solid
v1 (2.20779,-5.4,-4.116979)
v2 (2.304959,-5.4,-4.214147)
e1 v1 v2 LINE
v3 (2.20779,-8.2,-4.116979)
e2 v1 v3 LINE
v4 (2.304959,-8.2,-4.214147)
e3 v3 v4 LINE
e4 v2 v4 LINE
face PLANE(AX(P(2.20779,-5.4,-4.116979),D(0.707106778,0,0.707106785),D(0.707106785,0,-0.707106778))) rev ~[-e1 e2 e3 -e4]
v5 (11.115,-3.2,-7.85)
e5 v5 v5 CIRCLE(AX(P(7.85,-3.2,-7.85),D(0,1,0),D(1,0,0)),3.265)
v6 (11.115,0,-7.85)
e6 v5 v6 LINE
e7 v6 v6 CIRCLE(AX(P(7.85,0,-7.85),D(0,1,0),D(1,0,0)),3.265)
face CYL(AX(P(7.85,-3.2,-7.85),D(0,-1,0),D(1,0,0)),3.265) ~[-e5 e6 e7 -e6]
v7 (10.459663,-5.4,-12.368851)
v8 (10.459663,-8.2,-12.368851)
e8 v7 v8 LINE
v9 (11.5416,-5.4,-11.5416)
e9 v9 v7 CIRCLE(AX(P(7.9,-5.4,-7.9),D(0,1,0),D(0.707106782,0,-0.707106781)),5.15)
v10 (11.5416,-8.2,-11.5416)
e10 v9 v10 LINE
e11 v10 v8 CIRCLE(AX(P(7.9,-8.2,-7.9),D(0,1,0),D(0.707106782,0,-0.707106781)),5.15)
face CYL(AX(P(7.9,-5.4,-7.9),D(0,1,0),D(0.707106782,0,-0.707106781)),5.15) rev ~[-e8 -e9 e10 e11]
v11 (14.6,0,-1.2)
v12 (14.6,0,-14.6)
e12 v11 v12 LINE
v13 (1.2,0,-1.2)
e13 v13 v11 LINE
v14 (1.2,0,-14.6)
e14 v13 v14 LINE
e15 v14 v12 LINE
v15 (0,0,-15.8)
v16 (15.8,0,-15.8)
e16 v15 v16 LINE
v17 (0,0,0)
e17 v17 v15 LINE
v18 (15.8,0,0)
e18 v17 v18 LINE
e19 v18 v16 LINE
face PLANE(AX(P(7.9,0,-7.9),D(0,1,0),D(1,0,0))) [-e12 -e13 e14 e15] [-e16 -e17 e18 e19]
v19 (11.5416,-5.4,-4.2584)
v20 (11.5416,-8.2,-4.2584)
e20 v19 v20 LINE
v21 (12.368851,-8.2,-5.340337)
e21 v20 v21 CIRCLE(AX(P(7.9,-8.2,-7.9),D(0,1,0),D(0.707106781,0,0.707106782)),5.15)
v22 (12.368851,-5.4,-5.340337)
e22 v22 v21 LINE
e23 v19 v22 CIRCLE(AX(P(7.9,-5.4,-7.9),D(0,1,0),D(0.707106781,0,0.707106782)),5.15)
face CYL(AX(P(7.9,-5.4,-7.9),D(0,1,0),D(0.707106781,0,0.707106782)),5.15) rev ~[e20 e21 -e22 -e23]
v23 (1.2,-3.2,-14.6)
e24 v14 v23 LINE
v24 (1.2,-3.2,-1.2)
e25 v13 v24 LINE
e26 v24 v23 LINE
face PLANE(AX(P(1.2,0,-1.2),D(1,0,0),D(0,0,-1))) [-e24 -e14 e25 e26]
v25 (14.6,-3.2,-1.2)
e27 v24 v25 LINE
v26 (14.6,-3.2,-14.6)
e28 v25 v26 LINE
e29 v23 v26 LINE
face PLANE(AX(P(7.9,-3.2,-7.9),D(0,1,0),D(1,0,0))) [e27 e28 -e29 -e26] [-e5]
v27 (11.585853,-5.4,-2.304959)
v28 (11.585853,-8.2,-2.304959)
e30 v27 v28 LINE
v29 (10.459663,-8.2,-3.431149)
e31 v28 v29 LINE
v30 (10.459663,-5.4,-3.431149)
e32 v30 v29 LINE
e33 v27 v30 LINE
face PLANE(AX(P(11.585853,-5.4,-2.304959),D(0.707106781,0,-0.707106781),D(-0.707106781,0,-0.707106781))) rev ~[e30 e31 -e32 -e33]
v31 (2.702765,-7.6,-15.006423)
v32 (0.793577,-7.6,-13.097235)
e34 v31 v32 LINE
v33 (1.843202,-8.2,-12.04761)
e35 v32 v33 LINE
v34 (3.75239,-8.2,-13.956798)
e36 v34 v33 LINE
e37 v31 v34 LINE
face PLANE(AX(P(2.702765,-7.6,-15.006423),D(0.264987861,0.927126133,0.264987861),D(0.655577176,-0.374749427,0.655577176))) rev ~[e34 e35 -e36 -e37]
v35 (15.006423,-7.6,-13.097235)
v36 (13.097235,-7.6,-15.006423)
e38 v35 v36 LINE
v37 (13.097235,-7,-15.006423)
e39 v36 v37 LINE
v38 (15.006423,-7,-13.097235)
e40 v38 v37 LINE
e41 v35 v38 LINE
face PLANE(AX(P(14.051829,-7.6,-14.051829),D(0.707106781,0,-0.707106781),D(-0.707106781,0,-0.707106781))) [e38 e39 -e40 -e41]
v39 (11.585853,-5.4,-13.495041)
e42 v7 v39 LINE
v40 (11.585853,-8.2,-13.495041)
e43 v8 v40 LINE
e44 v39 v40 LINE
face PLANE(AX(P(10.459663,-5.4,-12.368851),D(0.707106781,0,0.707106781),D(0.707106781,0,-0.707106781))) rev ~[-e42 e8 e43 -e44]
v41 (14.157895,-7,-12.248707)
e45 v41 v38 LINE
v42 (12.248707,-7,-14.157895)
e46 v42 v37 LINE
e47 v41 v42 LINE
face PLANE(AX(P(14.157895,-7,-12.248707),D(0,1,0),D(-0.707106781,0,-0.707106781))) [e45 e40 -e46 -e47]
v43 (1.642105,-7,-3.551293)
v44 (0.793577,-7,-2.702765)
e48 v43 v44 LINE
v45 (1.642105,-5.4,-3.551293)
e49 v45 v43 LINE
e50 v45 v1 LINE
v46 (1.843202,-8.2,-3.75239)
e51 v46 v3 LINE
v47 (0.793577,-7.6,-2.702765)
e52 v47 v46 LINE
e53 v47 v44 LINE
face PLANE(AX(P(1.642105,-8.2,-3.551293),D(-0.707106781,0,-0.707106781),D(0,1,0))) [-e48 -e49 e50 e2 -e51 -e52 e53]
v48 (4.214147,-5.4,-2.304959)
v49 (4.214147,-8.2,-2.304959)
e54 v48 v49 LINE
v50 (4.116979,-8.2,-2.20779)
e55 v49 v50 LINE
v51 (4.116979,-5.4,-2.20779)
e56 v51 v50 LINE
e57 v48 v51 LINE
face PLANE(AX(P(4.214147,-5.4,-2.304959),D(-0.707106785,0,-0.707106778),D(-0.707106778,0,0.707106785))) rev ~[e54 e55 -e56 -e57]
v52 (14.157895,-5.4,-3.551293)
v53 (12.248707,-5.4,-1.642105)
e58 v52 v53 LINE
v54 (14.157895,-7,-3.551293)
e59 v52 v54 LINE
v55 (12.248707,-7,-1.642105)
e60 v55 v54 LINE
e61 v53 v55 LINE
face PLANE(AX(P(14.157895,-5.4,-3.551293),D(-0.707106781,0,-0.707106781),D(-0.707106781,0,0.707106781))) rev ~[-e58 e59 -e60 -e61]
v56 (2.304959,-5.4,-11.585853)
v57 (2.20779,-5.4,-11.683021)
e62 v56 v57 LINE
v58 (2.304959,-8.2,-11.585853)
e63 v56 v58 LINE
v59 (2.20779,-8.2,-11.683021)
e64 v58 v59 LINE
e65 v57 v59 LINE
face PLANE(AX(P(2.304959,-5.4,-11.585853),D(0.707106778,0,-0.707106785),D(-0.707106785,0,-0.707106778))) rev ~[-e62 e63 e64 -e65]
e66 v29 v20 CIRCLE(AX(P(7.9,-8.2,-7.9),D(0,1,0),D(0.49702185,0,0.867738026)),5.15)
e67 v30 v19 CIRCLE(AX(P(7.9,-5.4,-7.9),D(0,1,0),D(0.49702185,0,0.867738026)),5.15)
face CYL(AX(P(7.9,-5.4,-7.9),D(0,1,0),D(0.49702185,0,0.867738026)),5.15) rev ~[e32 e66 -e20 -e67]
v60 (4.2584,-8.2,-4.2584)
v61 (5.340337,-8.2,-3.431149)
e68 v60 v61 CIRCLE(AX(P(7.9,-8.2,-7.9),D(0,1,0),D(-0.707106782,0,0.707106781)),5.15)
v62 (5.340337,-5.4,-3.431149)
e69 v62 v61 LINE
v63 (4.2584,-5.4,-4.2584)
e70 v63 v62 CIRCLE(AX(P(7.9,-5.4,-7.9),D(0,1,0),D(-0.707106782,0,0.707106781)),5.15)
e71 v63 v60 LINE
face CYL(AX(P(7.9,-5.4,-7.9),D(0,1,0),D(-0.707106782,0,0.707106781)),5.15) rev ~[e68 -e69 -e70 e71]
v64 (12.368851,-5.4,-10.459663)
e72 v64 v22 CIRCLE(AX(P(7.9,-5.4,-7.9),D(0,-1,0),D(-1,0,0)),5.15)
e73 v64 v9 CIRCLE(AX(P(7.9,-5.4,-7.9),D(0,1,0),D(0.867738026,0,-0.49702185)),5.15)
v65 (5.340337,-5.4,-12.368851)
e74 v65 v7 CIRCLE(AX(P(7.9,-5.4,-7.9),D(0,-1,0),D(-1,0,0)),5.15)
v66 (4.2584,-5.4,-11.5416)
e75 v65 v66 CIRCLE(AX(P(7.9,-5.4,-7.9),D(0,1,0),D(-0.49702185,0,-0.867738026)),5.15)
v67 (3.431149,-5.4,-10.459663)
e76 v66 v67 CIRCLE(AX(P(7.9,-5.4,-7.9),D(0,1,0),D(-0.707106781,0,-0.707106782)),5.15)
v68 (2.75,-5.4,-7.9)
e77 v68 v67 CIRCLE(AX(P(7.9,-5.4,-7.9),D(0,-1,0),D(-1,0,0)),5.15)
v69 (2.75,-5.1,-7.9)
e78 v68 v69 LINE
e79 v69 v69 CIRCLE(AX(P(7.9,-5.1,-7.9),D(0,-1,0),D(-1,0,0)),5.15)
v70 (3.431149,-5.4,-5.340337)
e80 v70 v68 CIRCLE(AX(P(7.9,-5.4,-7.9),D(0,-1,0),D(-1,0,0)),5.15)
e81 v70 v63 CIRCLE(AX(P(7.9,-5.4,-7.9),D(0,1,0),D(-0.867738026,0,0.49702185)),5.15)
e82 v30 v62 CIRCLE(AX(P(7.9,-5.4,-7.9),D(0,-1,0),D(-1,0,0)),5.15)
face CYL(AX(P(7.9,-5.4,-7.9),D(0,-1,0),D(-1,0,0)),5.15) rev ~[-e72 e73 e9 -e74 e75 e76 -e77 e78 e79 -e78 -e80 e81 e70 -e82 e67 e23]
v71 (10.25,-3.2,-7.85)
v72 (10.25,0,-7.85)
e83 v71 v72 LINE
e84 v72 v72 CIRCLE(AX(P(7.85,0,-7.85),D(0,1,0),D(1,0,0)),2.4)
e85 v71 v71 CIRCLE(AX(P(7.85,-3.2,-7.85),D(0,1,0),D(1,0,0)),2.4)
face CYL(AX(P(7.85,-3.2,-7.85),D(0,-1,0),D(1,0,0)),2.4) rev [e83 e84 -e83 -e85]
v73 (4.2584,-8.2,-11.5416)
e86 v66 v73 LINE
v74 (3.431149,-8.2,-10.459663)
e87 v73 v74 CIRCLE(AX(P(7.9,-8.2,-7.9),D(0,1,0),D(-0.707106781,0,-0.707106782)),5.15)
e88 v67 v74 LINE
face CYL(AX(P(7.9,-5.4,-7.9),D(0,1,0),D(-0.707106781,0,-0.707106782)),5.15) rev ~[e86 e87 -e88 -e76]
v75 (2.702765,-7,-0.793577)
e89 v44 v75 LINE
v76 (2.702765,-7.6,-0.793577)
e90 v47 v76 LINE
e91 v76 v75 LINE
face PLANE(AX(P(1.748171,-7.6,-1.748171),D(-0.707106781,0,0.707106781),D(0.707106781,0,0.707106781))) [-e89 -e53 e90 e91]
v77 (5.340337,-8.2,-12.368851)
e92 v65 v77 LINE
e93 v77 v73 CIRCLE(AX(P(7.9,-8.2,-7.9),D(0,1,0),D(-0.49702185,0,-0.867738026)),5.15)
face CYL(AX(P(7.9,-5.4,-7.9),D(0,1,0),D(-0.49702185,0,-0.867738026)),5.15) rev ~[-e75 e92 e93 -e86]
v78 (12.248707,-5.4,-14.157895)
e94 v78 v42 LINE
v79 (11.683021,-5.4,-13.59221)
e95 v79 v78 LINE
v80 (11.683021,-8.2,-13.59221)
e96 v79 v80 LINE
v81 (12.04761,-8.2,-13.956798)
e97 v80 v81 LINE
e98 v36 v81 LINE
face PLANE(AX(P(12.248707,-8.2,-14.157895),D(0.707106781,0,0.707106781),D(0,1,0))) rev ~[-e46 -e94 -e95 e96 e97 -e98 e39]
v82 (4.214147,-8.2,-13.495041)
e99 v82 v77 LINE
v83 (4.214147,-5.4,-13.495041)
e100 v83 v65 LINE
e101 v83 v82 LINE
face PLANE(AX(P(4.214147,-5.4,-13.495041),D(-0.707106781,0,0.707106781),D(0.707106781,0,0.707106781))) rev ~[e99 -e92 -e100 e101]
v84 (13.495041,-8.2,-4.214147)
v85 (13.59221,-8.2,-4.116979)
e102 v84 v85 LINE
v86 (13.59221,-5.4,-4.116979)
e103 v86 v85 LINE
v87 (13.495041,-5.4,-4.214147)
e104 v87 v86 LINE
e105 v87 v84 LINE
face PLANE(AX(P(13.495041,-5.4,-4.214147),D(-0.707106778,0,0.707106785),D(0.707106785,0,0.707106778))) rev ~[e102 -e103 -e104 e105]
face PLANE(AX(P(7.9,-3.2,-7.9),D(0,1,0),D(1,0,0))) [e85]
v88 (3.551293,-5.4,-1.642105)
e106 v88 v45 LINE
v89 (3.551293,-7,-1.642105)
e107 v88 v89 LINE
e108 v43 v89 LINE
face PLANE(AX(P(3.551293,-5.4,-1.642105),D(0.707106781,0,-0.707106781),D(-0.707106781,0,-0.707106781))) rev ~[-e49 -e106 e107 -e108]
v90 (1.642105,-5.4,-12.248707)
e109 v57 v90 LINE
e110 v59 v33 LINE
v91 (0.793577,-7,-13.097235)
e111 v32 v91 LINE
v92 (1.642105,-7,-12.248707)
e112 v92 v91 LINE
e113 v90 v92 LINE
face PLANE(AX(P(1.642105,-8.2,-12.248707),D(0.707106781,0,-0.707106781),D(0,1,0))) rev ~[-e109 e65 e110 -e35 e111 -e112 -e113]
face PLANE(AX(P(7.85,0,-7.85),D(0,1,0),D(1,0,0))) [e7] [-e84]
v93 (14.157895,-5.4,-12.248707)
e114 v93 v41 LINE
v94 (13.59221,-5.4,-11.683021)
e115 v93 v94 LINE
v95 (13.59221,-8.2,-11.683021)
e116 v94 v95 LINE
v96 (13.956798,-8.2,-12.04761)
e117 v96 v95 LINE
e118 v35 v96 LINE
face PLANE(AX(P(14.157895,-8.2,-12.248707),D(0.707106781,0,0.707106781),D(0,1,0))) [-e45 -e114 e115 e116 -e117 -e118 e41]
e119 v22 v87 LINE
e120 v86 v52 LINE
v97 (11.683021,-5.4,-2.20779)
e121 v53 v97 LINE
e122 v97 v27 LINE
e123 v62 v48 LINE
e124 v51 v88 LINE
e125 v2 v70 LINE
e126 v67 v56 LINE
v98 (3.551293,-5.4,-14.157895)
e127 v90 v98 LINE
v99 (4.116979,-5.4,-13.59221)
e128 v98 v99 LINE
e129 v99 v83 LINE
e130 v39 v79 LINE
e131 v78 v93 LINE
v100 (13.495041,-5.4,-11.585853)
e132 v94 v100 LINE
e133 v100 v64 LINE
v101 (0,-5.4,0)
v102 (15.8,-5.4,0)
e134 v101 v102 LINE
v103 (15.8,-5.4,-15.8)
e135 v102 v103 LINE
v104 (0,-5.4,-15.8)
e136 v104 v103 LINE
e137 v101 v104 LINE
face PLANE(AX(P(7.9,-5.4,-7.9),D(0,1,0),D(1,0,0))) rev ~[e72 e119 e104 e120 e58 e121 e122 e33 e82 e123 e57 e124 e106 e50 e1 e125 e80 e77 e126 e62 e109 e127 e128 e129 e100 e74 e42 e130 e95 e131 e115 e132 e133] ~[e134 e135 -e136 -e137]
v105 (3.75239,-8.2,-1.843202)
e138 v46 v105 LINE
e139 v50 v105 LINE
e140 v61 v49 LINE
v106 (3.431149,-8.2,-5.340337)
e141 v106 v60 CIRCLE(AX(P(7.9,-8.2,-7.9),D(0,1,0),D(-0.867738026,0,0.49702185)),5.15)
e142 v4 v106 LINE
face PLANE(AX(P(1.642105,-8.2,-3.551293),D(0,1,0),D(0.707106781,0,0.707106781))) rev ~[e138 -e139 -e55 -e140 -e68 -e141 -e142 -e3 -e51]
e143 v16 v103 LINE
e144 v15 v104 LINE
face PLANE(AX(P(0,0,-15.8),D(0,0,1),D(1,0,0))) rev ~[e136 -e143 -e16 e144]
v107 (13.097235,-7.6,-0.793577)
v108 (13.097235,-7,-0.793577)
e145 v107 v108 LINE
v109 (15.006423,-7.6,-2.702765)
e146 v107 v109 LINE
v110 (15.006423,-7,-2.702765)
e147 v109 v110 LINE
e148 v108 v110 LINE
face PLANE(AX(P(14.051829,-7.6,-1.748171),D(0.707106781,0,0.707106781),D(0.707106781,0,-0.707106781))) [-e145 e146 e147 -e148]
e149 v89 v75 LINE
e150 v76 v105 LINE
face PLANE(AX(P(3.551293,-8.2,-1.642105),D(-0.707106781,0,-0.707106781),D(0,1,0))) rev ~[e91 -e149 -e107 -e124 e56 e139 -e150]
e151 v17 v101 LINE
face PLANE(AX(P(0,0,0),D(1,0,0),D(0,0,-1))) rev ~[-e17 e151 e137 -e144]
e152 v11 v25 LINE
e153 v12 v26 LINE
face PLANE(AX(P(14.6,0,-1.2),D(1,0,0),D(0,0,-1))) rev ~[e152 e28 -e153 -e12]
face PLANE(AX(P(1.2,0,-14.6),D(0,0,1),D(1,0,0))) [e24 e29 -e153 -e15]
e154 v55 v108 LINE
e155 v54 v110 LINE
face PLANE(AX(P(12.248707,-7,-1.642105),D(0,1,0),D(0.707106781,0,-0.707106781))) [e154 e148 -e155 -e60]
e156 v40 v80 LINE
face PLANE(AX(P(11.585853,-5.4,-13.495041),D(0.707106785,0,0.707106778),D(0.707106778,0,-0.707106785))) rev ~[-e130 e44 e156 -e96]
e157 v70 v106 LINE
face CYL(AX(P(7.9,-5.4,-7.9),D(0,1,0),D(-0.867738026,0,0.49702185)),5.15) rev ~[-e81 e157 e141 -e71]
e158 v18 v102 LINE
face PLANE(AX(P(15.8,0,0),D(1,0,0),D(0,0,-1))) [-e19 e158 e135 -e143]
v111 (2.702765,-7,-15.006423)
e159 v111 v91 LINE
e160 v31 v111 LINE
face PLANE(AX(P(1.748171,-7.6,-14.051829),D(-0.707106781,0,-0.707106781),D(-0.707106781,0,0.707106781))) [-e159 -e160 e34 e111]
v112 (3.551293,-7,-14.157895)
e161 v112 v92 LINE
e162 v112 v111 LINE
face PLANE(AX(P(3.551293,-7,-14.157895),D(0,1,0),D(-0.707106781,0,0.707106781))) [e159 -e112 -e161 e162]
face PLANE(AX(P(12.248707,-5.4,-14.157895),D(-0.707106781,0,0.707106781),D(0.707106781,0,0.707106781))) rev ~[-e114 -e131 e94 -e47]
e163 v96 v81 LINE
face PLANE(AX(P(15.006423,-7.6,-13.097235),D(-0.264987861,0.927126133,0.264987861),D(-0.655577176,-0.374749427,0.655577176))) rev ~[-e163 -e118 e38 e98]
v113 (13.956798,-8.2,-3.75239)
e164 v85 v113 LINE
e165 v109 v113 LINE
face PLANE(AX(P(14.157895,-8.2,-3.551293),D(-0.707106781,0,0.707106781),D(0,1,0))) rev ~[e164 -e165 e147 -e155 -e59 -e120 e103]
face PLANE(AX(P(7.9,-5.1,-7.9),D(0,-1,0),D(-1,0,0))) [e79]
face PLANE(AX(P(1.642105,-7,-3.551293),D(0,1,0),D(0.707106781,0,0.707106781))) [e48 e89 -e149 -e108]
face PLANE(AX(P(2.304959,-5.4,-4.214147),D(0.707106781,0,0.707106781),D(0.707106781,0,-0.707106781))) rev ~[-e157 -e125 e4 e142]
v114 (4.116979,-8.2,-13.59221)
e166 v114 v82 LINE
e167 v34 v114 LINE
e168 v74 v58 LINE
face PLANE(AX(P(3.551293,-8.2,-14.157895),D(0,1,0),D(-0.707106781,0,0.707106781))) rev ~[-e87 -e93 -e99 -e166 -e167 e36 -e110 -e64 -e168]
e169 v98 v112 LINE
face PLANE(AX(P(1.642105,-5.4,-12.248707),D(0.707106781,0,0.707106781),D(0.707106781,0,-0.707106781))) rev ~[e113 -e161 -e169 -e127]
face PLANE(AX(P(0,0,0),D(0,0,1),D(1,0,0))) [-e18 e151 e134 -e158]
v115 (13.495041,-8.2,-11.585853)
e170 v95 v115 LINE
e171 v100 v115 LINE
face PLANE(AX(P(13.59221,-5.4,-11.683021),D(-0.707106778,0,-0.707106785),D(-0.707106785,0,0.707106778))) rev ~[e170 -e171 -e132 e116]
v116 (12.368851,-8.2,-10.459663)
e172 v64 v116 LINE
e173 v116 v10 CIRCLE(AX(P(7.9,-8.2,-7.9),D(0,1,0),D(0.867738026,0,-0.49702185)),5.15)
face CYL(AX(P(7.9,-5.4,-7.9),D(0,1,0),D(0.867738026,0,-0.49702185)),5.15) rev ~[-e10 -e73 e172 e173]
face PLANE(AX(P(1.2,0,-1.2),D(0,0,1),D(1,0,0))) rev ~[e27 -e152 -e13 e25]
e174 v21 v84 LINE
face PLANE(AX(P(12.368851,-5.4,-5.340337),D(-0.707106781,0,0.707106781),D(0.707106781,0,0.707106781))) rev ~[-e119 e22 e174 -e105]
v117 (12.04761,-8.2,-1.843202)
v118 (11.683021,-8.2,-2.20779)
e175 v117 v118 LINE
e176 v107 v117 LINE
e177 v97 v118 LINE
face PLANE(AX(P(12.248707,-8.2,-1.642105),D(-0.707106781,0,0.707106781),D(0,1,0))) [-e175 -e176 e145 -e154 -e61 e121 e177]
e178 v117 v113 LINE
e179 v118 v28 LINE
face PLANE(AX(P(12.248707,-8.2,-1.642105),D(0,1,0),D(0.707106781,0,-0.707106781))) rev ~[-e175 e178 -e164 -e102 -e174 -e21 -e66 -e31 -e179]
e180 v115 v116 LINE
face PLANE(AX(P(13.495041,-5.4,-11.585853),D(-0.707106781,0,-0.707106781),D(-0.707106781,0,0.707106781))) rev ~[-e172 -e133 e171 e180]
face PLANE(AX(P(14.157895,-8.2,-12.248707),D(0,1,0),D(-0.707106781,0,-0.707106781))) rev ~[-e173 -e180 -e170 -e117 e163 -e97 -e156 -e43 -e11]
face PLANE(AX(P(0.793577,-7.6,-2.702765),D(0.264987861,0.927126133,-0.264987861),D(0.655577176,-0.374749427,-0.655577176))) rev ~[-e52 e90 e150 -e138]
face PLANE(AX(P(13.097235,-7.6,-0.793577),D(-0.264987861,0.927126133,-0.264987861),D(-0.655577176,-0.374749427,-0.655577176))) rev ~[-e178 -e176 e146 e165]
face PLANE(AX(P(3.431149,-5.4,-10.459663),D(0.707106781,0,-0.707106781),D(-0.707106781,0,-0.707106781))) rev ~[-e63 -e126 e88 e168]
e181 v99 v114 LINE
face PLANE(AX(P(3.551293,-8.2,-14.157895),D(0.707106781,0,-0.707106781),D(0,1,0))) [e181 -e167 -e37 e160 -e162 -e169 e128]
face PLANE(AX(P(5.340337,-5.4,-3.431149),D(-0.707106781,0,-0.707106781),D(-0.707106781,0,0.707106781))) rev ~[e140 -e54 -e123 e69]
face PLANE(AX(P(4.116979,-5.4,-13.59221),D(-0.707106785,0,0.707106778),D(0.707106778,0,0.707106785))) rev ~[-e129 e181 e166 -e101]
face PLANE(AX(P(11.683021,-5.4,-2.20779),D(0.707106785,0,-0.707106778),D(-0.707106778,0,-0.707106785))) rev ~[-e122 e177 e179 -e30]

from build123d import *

# Parameters (mm, degrees)
SKETCH2_W            = 15.8
SKETCH2_H            = 15.8
BOSS_EXTRUDE2_DEPTH  = 5.4
SKETCH4_W            = 13.4
SKETCH4_H            = 13.4
CUT_EXTRUDE1_DEPTH   = 3.2
SKETCH7_R            = 3.265
SKETCH7_R_2          = 2.4
BOSS_EXTRUDE5_DEPTH  = 3.2
SKETCH8_R            = 5.15
CUT_EXTRUDE2_DEPTH   = 0.3
BOSS_EXTRUDE8_DEPTH  = 2.8
SKETCH27_W           = 2.7
SKETCH27_H           = 1.2
BOSS_EXTRUDE10_DEPTH = 1.2
CUT_EXTRUDE3_DEPTH   = 2.7
CIRPATTERN1_COUNT    = 4


with BuildPart() as part:
    # Sketch2 → Boss-Extrude2 (new body)
    with BuildSketch(Plane(origin=(0, 0, 0), x_dir=(1, 0, 0), z_dir=(0, 1, 0))):
        with Locations((7.9, 7.9)):
            Rectangle(SKETCH2_W, SKETCH2_H)
    extrude(amount=-BOSS_EXTRUDE2_DEPTH)

    # Sketch4 → Cut-Extrude1 (cut)
    with BuildSketch(Plane(origin=(0, 0, 0), x_dir=(1, 0, 0), z_dir=(0, 1, 0))):
        with Locations((7.9, 7.9)):
            Rectangle(SKETCH4_W, SKETCH4_H)
    extrude(amount=-CUT_EXTRUDE1_DEPTH, mode=Mode.SUBTRACT)

    # Sketch7 → Boss-Extrude5 (add)
    with BuildSketch(Plane(origin=(0, -3.2, 0), x_dir=(1, 0, 0), z_dir=(0, 1, 0))):
        with Locations((7.85, 7.85)):
            Circle(SKETCH7_R)
        with Locations((7.85, 7.85)):
            Circle(SKETCH7_R_2, mode=Mode.SUBTRACT)
    extrude(amount=BOSS_EXTRUDE5_DEPTH)

    # Sketch8 → Cut-Extrude2 (cut)
    with BuildSketch(Plane(origin=(0, -5.4, 0), x_dir=(-1, 0, 0), z_dir=(0, -1, 0))):
        with Locations((-7.9, 7.9)):
            Circle(SKETCH8_R)
    extrude(amount=-CUT_EXTRUDE2_DEPTH, mode=Mode.SUBTRACT)

    # Sketch11 → Boss-Extrude8 (add)
    with BuildSketch(Plane.XZ.offset(5.4)):
        Polygon((11.683021279, -2.207790411), (12.637615434, -3.162384566), (13.203300859, -2.596699141), (12.248706704, -1.642104986), align=None)
        with BuildLine():
            ThreePointArc((11.585853022, -2.304958669), (12.133497372, -2.706975833), (12.637615434, -3.162384566))
            Line((12.637615434, -3.162384566), (11.683021279, -2.207790411))
            Line((11.683021279, -2.207790411), (11.585853022, -2.304958669))
        make_face()
        with BuildLine():
            ThreePointArc((10.459662524, -3.431149167), (11.028098464, -3.808851017), (11.541599923, -4.258400077))
            Line((11.541599923, -4.258400077), (12.637615434, -3.162384566))
            ThreePointArc((12.637615434, -3.162384566), (12.133497372, -2.706975833), (11.585853022, -2.304958669))
            Line((11.585853022, -2.304958669), (10.459662524, -3.431149167))
        make_face()
        with BuildLine():
            Line((12.637615434, -3.162384566), (11.541599923, -4.258400077))
            ThreePointArc((11.541599923, -4.258400077), (11.991148983, -4.771901536), (12.368850833, -5.340337476))
            Line((12.368850833, -5.340337476), (13.495041331, -4.214146978))
            ThreePointArc((13.495041331, -4.214146978), (13.093024167, -3.666502628), (12.637615434, -3.162384566))
        make_face()
        with BuildLine():
            Line((13.592209589, -4.116978721), (12.637615434, -3.162384566))
            ThreePointArc((12.637615434, -3.162384566), (13.093024167, -3.666502628), (13.495041331, -4.214146978))
            Line((13.495041331, -4.214146978), (13.592209589, -4.116978721))
        make_face()
        Polygon((13.203300859, -2.596699141), (12.637615434, -3.162384566), (13.592209589, -4.116978721), (14.157895014, -3.551293296), align=None)
    boss_extrude8 = extrude(amount=BOSS_EXTRUDE8_DEPTH)

    # Sketch27 → Boss-Extrude10 (add)
    with BuildSketch(Plane(origin=(5.303300859, 0, 5.303300859), x_dir=(0.707106781, 0, -0.707106781), z_dir=(0.707106781, 0, 0.707106781))):
        with Locations((11.172287143, -7.6)):
            Rectangle(SKETCH27_W, SKETCH27_H)
    boss_extrude10 = extrude(amount=BOSS_EXTRUDE10_DEPTH)

    # Sketch28 → Cut-Extrude3 (cut)
    with BuildSketch(Plane(origin=(6.945405845, 0, -6.945405845), x_dir=(0.707106781, 0, 0.707106781), z_dir=(-0.707106781, 0, 0.707106781))):
        Polygon((8.7, -7.6), (7.215606324, -8.2), (8.7, -8.2), align=None)
    cut_extrude3 = extrude(amount=-CUT_EXTRUDE3_DEPTH, mode=Mode.SUBTRACT)

    # CirPattern1: Boss-Extrude8, Boss-Extrude10, Cut-Extrude3 ×4 about axis
    cirpattern1_axis = Axis((7.9, 0, -7.9), (0, 1, 0))
    for i in range(1, CIRPATTERN1_COUNT):
        add(boss_extrude8.rotate(cirpattern1_axis, i * 360 / CIRPATTERN1_COUNT))
        add(boss_extrude10.rotate(cirpattern1_axis, i * 360 / CIRPATTERN1_COUNT))
        add(cut_extrude3.rotate(cirpattern1_axis, i * 360 / CIRPATTERN1_COUNT), mode=Mode.SUBTRACT)


solid = part.part
